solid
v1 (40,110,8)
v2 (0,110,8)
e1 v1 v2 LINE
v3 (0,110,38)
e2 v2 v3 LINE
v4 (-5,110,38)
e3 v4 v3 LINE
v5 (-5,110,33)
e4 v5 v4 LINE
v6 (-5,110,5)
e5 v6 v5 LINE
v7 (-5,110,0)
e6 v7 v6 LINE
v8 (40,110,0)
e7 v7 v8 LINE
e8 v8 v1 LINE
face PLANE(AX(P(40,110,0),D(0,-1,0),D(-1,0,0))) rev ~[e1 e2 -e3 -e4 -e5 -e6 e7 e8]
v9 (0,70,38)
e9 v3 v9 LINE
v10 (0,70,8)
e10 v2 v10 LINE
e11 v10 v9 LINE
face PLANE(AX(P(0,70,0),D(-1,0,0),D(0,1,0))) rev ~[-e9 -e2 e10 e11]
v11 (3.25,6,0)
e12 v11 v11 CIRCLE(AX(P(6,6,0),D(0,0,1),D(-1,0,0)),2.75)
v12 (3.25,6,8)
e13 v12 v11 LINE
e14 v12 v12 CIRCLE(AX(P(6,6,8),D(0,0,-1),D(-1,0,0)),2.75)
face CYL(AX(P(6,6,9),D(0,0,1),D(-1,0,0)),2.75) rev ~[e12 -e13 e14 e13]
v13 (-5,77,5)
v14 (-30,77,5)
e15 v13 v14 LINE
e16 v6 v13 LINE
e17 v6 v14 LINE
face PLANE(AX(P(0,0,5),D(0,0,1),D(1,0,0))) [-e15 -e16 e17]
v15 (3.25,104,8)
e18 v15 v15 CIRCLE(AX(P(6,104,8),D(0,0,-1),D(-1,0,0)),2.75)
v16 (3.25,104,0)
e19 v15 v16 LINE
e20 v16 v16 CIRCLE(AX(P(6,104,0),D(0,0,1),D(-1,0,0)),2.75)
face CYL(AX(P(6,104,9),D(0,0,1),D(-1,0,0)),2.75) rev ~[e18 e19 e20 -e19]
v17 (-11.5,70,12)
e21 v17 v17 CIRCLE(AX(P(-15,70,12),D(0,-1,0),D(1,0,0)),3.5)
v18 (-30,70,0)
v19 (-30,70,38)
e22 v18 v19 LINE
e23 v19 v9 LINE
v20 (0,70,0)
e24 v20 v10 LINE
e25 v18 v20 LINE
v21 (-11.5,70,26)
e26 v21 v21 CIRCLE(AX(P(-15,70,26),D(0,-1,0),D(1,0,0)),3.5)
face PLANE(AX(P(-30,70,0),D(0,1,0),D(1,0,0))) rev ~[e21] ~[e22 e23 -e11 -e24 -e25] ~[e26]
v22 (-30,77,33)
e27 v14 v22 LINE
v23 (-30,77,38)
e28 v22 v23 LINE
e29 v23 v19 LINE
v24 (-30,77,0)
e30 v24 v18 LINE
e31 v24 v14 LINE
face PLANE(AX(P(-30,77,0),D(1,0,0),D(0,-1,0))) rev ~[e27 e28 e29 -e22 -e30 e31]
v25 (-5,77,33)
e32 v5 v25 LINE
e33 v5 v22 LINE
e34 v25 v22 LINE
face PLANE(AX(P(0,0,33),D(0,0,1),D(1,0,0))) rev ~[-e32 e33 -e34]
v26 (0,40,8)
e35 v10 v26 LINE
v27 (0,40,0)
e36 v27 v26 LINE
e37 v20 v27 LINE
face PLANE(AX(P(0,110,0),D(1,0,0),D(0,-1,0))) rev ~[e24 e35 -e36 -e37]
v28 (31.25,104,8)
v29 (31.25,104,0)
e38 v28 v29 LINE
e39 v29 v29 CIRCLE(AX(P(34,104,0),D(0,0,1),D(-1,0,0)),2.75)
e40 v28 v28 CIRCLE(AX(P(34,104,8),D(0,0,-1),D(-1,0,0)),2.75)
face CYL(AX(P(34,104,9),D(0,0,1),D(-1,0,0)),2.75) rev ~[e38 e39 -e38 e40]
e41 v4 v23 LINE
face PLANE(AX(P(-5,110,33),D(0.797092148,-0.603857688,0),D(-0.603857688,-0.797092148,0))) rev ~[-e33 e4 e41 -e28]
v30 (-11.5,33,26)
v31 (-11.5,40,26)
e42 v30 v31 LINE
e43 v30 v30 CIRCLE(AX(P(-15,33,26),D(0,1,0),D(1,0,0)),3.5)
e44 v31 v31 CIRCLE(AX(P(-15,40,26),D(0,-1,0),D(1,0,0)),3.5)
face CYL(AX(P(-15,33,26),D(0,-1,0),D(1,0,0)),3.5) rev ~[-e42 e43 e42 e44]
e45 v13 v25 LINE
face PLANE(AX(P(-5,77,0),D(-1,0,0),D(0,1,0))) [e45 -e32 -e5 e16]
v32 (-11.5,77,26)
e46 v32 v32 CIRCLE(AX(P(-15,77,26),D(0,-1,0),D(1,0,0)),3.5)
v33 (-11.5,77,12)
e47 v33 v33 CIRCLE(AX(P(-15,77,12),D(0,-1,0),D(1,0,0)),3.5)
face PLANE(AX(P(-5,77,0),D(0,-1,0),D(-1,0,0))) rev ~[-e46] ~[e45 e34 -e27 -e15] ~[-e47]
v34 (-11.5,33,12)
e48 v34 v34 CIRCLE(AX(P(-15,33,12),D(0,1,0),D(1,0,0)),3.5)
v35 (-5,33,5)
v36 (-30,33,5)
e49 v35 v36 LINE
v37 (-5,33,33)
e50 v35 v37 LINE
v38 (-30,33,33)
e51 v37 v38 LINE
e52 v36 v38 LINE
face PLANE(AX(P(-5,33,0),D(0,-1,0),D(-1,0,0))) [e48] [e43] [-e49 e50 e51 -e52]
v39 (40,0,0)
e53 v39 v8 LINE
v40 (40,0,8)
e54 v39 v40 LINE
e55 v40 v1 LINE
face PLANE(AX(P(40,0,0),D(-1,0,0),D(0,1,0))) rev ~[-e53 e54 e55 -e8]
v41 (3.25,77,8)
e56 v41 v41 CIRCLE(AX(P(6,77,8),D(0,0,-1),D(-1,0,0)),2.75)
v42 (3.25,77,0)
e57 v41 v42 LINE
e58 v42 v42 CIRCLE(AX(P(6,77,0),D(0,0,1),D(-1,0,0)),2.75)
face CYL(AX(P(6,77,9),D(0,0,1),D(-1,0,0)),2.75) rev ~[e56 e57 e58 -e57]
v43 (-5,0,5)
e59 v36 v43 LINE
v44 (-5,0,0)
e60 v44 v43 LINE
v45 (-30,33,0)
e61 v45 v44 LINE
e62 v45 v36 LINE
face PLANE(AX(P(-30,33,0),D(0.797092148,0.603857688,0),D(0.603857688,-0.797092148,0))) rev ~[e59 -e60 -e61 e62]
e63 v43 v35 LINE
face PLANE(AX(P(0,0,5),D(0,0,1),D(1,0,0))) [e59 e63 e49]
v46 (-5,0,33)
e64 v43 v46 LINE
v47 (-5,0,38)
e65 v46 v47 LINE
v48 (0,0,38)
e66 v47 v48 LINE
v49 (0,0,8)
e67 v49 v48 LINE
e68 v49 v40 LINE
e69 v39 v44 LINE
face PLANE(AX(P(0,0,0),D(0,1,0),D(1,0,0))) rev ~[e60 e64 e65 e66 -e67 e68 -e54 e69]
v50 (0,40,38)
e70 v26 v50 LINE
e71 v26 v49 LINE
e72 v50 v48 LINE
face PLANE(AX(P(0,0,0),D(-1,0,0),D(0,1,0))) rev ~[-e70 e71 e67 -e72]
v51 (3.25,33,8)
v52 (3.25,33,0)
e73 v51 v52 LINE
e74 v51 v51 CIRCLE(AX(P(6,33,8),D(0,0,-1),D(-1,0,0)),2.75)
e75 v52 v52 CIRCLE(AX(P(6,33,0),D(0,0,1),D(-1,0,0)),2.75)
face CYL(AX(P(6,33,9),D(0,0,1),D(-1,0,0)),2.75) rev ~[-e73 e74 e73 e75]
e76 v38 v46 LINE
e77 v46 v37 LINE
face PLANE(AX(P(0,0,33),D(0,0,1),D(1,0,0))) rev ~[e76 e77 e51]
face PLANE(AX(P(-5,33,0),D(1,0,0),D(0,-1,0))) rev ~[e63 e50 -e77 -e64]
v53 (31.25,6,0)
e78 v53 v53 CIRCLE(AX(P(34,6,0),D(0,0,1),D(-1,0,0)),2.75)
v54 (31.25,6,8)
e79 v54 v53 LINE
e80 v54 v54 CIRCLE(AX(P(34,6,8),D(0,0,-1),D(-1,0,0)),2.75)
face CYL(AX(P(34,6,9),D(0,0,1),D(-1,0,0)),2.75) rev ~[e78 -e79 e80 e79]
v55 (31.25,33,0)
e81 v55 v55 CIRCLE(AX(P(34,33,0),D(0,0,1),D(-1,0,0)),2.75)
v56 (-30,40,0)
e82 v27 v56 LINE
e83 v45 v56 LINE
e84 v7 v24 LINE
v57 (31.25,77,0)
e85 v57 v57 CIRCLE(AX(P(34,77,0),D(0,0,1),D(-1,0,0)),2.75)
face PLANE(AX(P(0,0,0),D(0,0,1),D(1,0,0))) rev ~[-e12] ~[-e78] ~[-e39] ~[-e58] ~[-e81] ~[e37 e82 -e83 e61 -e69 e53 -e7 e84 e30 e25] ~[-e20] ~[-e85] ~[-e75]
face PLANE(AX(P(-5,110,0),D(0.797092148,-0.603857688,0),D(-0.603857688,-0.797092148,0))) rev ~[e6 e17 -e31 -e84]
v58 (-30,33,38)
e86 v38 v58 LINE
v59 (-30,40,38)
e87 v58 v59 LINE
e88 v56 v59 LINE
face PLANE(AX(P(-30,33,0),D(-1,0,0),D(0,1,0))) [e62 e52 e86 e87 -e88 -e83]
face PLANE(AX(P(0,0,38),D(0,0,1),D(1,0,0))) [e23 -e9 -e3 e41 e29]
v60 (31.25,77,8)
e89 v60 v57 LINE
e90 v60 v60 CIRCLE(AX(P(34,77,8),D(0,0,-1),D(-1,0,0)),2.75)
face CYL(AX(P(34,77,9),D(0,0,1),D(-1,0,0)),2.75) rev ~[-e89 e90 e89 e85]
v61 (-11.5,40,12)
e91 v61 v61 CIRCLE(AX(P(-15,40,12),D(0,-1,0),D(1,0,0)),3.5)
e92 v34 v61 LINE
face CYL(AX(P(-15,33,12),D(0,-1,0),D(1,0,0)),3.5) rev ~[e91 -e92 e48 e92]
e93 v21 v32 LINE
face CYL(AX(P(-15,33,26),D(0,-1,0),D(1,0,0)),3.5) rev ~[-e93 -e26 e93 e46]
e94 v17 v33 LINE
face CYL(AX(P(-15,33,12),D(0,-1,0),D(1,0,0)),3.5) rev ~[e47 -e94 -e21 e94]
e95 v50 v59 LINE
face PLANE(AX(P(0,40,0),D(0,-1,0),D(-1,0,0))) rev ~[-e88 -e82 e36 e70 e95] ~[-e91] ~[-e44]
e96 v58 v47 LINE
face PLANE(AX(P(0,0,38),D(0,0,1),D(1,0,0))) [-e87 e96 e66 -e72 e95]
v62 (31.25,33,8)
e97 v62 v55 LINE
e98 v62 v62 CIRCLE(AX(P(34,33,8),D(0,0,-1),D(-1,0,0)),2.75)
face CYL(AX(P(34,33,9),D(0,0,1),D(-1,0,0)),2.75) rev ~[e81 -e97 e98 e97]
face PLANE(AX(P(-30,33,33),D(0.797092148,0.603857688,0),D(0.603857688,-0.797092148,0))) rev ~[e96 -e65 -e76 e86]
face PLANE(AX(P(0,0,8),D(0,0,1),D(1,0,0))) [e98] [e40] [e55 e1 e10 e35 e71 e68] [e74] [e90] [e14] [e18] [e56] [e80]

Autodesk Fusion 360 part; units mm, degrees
sketch "Skizze1" plane through (0, 0, 0) normal (0, 0, 1) x (1, 0, 0)
  line L0 (0, 0) -> (40, 0)
  line L1 (40, 0) -> (40, 110)
  line L2 (40, 110) -> (0, 110)
  line L3 (0, 110) -> (0, 0)
  dimension "d1" = 40
  dimension "d2" = 110
extrude "Extrusion1" add sketch "Skizze1" along normal blind 9
sketch "Skizze2" plane through (0, 0, 9) normal (0, 0, 1) x (-1, 0, 0)
  line L0 (0, -110) -> (0, 0)
  line L1 (0, 0) -> (-40, 0)
  line L2 (-40, 0) -> (-40, -110)
  line L3 (-40, -110) -> (0, -110)
  line L4 (-40, 0) -> (-35, 0)
  line L5 (-35, 0) -> (-35, -6)
  line L6 (-35, -6) -> (-40, -6)
  line L7 (-40, -6) -> (-40, 0)
  line L8 (0, 0) -> (-6, 0)
  line L9 (-6, 0) -> (-6, -6)
  line L10 (-6, -6) -> (0, -6)
  line L11 (0, -6) -> (0, 0)
  line L12 (0, -110) -> (-6, -110)
  line L13 (-6, -110) -> (-6, -104)
  line L14 (-6, -104) -> (0, -104)
  line L15 (0, -104) -> (0, -110)
  line L16 (-40, -110) -> (-34, -110)
  line L17 (-34, -110) -> (-34, -104)
  line L18 (-34, -104) -> (-40, -104)
  line L19 (-40, -104) -> (-40, -110)
  line L20 (-40, 0) -> (-34, 0)
  line L21 (-34, 0) -> (-34, -6)
  line L22 (-34, -6) -> (-40, -6)
  line L23 (-40, -6) -> (-40, 0)
  line L24 (-40, -110) -> (0, -110)
  line L25 (0, -110) -> (0, -71)
  line L26 (0, -71) -> (-40, -71)
  line L27 (-40, -71) -> (-40, -110)
  line L28 (0, 0) -> (-40, 0)
  line L29 (-40, 0) -> (-40, -39)
  line L30 (-40, -39) -> (0, -39)
  line L31 (0, -39) -> (0, 0)
  line L32 (-40, -39) -> (-34, -39)
  line L33 (-34, -39) -> (-34, -33)
  line L34 (-34, -33) -> (-40, -33)
  line L35 (-40, -33) -> (-40, -39)
  line L36 (0, -39) -> (-6, -39)
  line L37 (-6, -39) -> (-6, -33)
  line L38 (-6, -33) -> (0, -33)
  line L39 (0, -33) -> (0, -39)
  line L40 (0, -71) -> (-6, -71)
  line L41 (-6, -71) -> (-6, -77)
  line L42 (-6, -77) -> (0, -77)
  line L43 (0, -77) -> (0, -71)
  line L44 (-40, -71) -> (-34, -71)
  line L45 (-34, -71) -> (-34, -77)
  line L46 (-34, -77) -> (-40, -77)
  line L47 (-40, -77) -> (-40, -71)
  circle A0 centre (-6, -6) radius 2.75
  circle A1 centre (-34, -6) radius 2.75
  circle A2 centre (-6, -33) radius 2.75
  circle A3 centre (-34, -33) radius 2.75
  circle A4 centre (-34, -77) radius 2.75
  circle A5 centre (-6, -77) radius 2.75
  circle A6 centre (-6, -104) radius 2.75
  circle A7 centre (-34, -104) radius 2.75
  dimension "d5" = 6
  dimension "d6" = 6
  dimension "d7" = 6
  dimension "d8" = 6
  dimension "d9" = 6
  dimension "d10" = 6
  dimension "d11" = 6
  dimension "d12" = 6
  dimension "d13" = 6
  dimension "d14" = 40
  dimension "d15" = 39
  dimension "d16" = 40
  dimension "d17" = 39
  dimension "d18" = 6
  dimension "d19" = 6
  dimension "d20" = 6
  dimension "d21" = 6
  dimension "d22" = 6
  dimension "d23" = 6
  dimension "d24" = 6
  dimension "d25" = 6
  dimension "d26" = 5.5
  dimension "d27" = 5.5
  dimension "d28" = 5.5
  dimension "d29" = 5.5
  dimension "d30" = 5.5
  dimension "d31" = 5.5
  dimension "d32" = 5.5
  dimension "d33" = 5.5
extrude "Extrusion2" cut sketch "Skizze2" against normal blind 10 contours L13 L14 A6 | L13 L14 A6 | L41 L42 A5 | L41 L42 A5 | L17 L18 A7 | L17 L18 A7 | L37 L38 A2 | L37 L38 A2 | L45 L46 A4 | L45 L46 A4 | L9 L10 A0 | L9 L10 A0 | L33 L34 A3 | L33 L34 A3 | L6 L21 L22 A1 | L5 L21 L22 A1 | L5 L6 L22 A1
extrude "Extrusion11" cut 1 faces at (24.2083, 48.4605, 9) along direction (0, 0, -1) blind 1
sketch "Skizze10" plane through (0, 0, 0) normal (0, 0, 1) x (1, 0, 0)
  line L0 (0, 0) -> (0, 110)
  line L1 (0, 55) -> (0, 40)
  line L2 (0, 40) -> (-30, 40)
  line L3 (-30, 70) -> (0, 70)
  line L4 (0, 70) -> (0, 40)
  line L5 (-30, 70) -> (0, 70)
  line L6 (0, 70) -> (0, 77)
  line L7 (0, 77) -> (-30, 77)
  line L8 (-30, 77) -> (-30, 70)
  line L9 (-30, 40) -> (0, 40)
  line L10 (0, 40) -> (0, 33)
  line L11 (0, 33) -> (-30, 33)
  line L12 (-30, 33) -> (-30, 40)
  line L13 (0, 77) -> (-5, 77)
  line L14 (-5, 77) -> (-5, 110)
  line L15 (-5, 110) -> (0, 110)
  line L16 (0, 110) -> (0, 77)
  line L17 (0, 33) -> (-5, 33)
  line L18 (-5, 33) -> (-5, 0)
  line L19 (-5, 0) -> (0, 0)
  line L20 (0, 0) -> (0, 33)
  dimension "d69" = 15
  dimension "d70" = 30
  dimension "d71" = 30
  dimension "d72" = 7
  dimension "d73" = 7
extrude "Extrusion12" add sketch "Skizze10" along normal blind 38
sketch "Skizze11" plane through (0, 0, 0) normal (0, 0, 1) x (1, 0, 0)
  line L0 (-5, 0) -> (-5, 33)
  line L1 (-5, 33) -> (-30, 33)
  line L2 (-30, 33) -> (-5, 0)
  line L3 (-5, 110) -> (-5, 77)
  line L4 (-5, 77) -> (-30, 77)
  line L5 (-5, 110) -> (-30, 77)
extrude "Extrusion13" add sketch "Skizze11" along normal blind 5
extrude "Extrusion14" add 2 faces at (-13.3333, 88, 5) (-13.3333, 22, 5) along direction (0, 0, 1) blind 5 from surface at 28
sketch "Skizze12" plane through (0, 33, 0) normal (0, -1, 0) x (1, 0, 0)
  line L0 (-5, 33) -> (-30, 33)
  line L1 (-30, 33) -> (-30, 5)
  line L2 (-30, 5) -> (-5, 5)
  line L3 (-5, 5) -> (-5, 33)
  line L4 (-30, 33) -> (-15, 33)
  line L5 (-15, 33) -> (-15, 5)
  line L6 (-15, 33) -> (-15, 26)
  line L7 (-15, 5) -> (-15, 12)
  circle A0 centre (-15, 12) radius 3.5
  circle A1 centre (-15, 26) radius 3.5
  dimension "d81" = 15
  dimension "d82" = 7
  dimension "d83" = 7
  dimension "d84" = 7
  dimension "d85" = 7
extrude "Extrusion15" cut sketch "Skizze12" against normal blind 95 contours L5 L6 A1 | L5 L6 A1 | L5 L7 A0 | L5 L7 A0
